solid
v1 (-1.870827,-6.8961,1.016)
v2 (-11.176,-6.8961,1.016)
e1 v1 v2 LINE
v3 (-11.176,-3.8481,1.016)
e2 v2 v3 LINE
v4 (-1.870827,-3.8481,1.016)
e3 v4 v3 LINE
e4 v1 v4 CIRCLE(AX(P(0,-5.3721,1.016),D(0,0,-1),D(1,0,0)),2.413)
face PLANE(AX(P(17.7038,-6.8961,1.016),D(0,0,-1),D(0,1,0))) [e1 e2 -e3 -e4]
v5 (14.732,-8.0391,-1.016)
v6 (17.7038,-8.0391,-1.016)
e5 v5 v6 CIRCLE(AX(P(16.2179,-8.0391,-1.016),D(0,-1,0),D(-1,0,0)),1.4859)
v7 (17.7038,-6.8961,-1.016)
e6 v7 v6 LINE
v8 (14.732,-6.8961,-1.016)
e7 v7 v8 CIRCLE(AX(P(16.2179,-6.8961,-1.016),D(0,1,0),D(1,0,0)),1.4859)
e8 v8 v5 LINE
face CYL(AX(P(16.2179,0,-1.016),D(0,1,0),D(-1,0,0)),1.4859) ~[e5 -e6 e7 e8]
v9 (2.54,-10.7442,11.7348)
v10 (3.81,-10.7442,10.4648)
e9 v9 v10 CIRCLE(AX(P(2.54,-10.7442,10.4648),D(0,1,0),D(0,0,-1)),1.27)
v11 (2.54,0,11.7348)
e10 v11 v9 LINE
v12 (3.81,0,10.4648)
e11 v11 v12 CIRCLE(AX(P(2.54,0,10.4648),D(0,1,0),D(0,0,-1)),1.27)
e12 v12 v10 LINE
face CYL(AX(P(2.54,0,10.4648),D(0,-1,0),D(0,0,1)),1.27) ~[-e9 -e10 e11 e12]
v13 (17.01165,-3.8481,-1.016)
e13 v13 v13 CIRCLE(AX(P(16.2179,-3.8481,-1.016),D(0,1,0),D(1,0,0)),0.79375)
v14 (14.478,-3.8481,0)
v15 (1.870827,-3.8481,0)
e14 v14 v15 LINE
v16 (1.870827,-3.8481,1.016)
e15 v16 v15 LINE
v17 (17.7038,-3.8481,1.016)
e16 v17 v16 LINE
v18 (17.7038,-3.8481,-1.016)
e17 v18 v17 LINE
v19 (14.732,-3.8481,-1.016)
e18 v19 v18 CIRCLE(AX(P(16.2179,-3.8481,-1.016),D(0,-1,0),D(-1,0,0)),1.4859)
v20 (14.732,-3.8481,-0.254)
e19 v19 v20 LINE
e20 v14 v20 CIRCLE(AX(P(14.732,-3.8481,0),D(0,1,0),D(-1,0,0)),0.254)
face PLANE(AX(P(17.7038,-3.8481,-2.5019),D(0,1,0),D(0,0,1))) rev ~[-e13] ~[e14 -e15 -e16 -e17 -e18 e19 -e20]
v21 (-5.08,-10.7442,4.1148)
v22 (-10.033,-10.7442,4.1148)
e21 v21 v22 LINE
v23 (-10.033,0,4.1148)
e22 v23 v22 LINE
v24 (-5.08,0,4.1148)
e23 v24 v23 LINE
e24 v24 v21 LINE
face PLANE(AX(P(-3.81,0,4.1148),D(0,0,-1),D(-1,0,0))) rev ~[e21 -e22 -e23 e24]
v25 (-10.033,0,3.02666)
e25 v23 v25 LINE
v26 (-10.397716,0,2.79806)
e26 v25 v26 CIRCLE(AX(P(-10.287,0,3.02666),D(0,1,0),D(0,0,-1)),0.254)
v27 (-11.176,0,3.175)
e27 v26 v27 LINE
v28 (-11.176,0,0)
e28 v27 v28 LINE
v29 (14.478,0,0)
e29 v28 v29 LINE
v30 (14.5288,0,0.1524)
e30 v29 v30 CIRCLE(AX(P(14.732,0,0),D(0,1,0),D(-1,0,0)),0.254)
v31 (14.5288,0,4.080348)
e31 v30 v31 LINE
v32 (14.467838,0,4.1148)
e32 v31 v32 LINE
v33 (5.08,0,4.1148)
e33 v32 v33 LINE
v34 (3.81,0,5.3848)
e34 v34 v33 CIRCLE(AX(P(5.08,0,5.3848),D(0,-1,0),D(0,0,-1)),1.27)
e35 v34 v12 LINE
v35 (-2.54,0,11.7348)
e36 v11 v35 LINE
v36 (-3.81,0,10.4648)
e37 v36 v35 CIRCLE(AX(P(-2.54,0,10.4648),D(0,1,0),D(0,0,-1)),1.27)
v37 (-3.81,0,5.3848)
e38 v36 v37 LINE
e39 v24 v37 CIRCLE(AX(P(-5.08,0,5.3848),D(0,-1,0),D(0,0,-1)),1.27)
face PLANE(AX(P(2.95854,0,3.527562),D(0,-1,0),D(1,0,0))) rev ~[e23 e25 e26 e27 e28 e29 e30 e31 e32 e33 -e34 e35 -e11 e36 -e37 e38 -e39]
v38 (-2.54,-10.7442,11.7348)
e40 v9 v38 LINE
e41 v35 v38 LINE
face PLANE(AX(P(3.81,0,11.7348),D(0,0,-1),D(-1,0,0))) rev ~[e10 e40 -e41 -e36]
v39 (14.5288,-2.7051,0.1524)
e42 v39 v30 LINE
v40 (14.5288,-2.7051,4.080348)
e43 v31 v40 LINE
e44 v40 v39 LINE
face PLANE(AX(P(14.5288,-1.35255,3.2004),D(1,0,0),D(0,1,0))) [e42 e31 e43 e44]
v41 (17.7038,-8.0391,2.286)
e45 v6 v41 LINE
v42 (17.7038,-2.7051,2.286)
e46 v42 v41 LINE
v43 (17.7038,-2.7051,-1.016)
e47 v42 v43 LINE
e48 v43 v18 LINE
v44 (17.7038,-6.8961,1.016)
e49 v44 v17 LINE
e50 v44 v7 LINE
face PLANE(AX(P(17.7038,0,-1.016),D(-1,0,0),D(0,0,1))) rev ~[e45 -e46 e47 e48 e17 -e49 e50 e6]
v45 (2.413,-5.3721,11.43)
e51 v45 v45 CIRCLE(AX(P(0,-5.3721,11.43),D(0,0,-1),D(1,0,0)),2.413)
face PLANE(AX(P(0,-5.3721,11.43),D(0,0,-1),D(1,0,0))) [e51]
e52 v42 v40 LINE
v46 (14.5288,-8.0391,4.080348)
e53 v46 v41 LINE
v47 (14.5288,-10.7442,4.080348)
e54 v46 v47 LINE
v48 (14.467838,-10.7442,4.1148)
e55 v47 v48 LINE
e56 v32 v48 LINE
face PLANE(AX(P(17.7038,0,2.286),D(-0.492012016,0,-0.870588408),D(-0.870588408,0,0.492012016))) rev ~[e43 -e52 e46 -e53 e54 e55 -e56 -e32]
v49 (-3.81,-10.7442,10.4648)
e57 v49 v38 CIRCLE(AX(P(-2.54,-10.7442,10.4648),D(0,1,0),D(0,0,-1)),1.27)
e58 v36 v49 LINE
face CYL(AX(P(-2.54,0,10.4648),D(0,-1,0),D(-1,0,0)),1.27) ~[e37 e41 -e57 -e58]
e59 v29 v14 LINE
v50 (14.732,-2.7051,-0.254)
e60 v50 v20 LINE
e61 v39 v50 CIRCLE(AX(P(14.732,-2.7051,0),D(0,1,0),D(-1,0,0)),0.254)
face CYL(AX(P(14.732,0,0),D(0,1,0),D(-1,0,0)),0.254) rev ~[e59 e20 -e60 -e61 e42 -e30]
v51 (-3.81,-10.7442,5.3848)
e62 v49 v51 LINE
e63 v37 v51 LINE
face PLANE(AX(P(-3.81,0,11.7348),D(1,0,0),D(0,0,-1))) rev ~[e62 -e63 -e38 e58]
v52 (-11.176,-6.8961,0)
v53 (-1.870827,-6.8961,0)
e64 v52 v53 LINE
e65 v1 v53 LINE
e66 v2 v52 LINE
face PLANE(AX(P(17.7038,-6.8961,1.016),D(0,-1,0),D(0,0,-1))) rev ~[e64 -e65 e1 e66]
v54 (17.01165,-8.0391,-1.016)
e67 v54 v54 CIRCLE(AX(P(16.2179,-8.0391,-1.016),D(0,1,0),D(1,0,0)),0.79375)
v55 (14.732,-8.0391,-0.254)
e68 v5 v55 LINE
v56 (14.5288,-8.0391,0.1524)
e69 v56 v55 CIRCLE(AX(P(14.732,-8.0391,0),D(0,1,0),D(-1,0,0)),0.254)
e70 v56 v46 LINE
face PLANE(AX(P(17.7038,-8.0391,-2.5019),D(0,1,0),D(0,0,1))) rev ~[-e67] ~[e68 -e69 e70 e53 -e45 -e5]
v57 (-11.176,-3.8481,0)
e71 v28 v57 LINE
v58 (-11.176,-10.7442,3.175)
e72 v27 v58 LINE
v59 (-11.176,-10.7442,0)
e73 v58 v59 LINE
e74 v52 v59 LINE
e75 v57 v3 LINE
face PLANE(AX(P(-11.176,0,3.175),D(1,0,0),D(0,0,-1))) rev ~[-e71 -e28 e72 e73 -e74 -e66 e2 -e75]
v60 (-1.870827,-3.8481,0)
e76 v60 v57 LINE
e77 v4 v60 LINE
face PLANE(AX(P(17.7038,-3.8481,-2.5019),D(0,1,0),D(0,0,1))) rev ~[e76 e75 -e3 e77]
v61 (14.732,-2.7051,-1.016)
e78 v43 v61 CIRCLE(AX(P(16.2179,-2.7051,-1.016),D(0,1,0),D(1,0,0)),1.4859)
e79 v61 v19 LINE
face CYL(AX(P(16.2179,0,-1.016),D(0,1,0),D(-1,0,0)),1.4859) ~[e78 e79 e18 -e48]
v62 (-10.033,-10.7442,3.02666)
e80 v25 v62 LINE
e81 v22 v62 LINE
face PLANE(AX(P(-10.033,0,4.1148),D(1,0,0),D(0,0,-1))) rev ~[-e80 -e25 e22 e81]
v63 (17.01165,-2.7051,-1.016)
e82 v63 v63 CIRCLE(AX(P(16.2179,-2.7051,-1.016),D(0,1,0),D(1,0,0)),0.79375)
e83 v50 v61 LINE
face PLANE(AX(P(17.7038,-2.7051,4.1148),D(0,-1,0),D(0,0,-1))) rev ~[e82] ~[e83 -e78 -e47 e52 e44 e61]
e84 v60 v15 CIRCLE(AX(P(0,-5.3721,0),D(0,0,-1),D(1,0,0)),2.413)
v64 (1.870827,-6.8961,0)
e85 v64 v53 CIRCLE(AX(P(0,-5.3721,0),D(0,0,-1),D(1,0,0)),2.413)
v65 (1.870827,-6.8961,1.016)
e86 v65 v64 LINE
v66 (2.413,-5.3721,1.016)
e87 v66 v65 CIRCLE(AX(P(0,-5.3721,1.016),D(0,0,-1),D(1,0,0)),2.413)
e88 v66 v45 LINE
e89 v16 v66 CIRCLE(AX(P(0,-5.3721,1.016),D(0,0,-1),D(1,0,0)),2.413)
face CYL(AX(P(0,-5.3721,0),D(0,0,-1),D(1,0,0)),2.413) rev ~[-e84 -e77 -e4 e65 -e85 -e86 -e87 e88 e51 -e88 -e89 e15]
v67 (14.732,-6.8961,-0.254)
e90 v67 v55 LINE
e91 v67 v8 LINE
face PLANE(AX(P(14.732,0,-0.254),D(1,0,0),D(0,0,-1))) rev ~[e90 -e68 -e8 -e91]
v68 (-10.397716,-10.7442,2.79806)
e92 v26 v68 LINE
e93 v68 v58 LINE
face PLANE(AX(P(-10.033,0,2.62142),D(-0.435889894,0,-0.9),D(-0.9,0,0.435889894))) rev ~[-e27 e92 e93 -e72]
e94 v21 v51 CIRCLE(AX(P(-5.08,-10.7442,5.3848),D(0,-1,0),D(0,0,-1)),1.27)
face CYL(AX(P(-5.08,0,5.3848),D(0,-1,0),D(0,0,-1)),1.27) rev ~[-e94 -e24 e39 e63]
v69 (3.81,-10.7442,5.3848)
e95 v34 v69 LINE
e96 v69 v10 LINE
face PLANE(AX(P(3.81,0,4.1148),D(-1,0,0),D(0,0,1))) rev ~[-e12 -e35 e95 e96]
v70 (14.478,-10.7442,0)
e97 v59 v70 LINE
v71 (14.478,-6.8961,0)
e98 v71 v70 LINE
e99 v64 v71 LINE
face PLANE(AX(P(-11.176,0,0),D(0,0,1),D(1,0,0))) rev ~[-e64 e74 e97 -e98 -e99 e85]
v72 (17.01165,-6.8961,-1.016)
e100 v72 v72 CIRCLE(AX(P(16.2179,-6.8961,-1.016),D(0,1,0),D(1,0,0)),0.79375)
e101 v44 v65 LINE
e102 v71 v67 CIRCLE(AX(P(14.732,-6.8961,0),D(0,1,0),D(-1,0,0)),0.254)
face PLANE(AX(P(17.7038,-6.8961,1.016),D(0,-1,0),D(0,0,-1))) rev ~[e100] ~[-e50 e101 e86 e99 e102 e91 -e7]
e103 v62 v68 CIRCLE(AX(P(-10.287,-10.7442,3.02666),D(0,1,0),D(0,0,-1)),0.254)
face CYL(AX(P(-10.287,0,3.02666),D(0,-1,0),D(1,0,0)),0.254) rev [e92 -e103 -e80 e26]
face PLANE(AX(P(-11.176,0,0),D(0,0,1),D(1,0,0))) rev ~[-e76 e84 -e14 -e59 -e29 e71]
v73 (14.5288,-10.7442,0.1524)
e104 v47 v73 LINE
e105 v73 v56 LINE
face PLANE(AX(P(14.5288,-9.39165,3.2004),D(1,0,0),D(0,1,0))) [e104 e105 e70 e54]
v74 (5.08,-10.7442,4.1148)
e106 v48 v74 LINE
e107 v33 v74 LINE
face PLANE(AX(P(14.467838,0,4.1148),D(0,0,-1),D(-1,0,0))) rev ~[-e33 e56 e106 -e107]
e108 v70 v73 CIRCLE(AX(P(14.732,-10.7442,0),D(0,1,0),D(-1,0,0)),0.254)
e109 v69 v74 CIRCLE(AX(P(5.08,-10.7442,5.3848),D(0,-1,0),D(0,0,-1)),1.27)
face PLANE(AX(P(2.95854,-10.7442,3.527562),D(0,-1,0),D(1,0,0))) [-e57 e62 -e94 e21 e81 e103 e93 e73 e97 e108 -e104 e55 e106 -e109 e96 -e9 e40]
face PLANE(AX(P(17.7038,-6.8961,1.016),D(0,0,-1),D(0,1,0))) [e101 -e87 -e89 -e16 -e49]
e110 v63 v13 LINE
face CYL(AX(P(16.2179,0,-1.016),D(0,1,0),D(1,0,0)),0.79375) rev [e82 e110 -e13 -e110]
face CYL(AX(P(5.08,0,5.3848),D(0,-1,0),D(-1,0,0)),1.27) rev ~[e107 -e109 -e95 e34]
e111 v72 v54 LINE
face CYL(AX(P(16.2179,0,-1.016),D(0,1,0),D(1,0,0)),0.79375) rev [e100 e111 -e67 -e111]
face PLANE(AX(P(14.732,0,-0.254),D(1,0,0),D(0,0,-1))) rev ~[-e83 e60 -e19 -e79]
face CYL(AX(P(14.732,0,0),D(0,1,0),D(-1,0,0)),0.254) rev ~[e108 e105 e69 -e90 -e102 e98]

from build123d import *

# Parameters (mm, degrees)
F0_R     = 0.79375
F1_DEPTH = 10.7442
F2_W     = 2.7051
F2_H     = 1.8288
F2_H_2   = 3.302
F2_H_3   = 1.4859
F3_DEPTH = 3.175
F4_R     = 2.413
F5_DEPTH = 11.43
F6_R     = 1.27
F7_R     = 0.254
F8_W     = 3.048
F8_H     = 2.032
F8_H_2   = 1.4859
F9_DEPTH = 28.8808


with BuildPart() as f1:
    # F0 (on Front) → F1 (new body)
    with BuildSketch(Plane.XZ):
        with BuildLine():
            Line((-11.176, 3.175), (-11.176, 0))
            Line((-11.176, 0), (14.478, 0))
            ThreePointArc((14.478, 0), (14.9116051224, 0.1796051224), (14.732, -0.254))
            Line((14.732, -0.254), (14.732, -1.016))
            ThreePointArc((14.732, -1.016), (16.2179, -2.5019), (17.7038, -1.016))
            Line((17.7038, -1.016), (17.7038, 2.286))
            Line((17.7038, 2.286), (14.4678382203, 4.1148))
            Line((14.4678382203, 4.1148), (3.81, 4.1148))
            Line((3.81, 4.1148), (3.81, 11.7348))
            Line((3.81, 11.7348), (-3.81, 11.7348))
            Line((-3.81, 11.7348), (-3.81, 4.1148))
            Line((-3.81, 4.1148), (-10.033, 4.1148))
            Line((-10.033, 4.1148), (-10.033, 2.6214198342))
            Line((-10.033, 2.6214198342), (-11.176, 3.175))
        make_face()
        with Locations((16.2179, -1.016)):
            Circle(F0_R, mode=Mode.SUBTRACT)
    extrude(amount=F1_DEPTH)

    # F2 (on face) → F3 (cut)
    with BuildSketch(Plane.YZ.offset(17.7038)):
        with Locations((-9.39165, 3.2004)):
            Rectangle(F2_W, F2_H)
        with Locations((-9.39165, 0.635)):
            Rectangle(F2_W, F2_H_2)
        with Locations((-9.39165, -1.75895)):
            Rectangle(F2_W, F2_H_3)
        with Locations((-1.35255, 3.2004)):
            Rectangle(F2_W, F2_H)
        with Locations((-1.35255, 0.635)):
            Rectangle(F2_W, F2_H_2)
        with Locations((-1.35255, -1.75895)):
            Rectangle(F2_W, F2_H_3)
    extrude(amount=-F3_DEPTH, mode=Mode.SUBTRACT)

    # F4 (on face) → F5 (cut)
    with BuildSketch(Plane(origin=(0, 0, 0), x_dir=(1, 0, 0), z_dir=(0, 0, -1))):
        with Locations((0, 5.3721)):
            Circle(F4_R)
    extrude(amount=-F5_DEPTH, mode=Mode.SUBTRACT)

    # F6
    f6_edges = [f1.edges().sort_by_distance(p)[0] for p in [
        (-3.81, -5.3721, 4.1148),
        (3.81, -5.3721, 4.1148),
        (-3.81, -5.3721, 11.7348),
        (3.81, -5.3721, 11.7348),
    ]]
    fillet(f6_edges, radius=F6_R)

    # F7
    f7_edges = [f1.edges().sort_by_distance(p)[0] for p in [
        (-10.033, -5.3721, 2.62142),
    ]]
    fillet(f7_edges, radius=F7_R)

    # F8 (on face) → F9 (cut, through all)
    with BuildSketch(Plane.YZ.offset(17.7038)):
        with Locations((-5.3721, 0)):
            Rectangle(F8_W, F8_H)
        with Locations((-5.3721, -1.75895)):
            Rectangle(F8_W, F8_H_2)
    extrude(amount=-F9_DEPTH, mode=Mode.SUBTRACT)


solid = f1.part
